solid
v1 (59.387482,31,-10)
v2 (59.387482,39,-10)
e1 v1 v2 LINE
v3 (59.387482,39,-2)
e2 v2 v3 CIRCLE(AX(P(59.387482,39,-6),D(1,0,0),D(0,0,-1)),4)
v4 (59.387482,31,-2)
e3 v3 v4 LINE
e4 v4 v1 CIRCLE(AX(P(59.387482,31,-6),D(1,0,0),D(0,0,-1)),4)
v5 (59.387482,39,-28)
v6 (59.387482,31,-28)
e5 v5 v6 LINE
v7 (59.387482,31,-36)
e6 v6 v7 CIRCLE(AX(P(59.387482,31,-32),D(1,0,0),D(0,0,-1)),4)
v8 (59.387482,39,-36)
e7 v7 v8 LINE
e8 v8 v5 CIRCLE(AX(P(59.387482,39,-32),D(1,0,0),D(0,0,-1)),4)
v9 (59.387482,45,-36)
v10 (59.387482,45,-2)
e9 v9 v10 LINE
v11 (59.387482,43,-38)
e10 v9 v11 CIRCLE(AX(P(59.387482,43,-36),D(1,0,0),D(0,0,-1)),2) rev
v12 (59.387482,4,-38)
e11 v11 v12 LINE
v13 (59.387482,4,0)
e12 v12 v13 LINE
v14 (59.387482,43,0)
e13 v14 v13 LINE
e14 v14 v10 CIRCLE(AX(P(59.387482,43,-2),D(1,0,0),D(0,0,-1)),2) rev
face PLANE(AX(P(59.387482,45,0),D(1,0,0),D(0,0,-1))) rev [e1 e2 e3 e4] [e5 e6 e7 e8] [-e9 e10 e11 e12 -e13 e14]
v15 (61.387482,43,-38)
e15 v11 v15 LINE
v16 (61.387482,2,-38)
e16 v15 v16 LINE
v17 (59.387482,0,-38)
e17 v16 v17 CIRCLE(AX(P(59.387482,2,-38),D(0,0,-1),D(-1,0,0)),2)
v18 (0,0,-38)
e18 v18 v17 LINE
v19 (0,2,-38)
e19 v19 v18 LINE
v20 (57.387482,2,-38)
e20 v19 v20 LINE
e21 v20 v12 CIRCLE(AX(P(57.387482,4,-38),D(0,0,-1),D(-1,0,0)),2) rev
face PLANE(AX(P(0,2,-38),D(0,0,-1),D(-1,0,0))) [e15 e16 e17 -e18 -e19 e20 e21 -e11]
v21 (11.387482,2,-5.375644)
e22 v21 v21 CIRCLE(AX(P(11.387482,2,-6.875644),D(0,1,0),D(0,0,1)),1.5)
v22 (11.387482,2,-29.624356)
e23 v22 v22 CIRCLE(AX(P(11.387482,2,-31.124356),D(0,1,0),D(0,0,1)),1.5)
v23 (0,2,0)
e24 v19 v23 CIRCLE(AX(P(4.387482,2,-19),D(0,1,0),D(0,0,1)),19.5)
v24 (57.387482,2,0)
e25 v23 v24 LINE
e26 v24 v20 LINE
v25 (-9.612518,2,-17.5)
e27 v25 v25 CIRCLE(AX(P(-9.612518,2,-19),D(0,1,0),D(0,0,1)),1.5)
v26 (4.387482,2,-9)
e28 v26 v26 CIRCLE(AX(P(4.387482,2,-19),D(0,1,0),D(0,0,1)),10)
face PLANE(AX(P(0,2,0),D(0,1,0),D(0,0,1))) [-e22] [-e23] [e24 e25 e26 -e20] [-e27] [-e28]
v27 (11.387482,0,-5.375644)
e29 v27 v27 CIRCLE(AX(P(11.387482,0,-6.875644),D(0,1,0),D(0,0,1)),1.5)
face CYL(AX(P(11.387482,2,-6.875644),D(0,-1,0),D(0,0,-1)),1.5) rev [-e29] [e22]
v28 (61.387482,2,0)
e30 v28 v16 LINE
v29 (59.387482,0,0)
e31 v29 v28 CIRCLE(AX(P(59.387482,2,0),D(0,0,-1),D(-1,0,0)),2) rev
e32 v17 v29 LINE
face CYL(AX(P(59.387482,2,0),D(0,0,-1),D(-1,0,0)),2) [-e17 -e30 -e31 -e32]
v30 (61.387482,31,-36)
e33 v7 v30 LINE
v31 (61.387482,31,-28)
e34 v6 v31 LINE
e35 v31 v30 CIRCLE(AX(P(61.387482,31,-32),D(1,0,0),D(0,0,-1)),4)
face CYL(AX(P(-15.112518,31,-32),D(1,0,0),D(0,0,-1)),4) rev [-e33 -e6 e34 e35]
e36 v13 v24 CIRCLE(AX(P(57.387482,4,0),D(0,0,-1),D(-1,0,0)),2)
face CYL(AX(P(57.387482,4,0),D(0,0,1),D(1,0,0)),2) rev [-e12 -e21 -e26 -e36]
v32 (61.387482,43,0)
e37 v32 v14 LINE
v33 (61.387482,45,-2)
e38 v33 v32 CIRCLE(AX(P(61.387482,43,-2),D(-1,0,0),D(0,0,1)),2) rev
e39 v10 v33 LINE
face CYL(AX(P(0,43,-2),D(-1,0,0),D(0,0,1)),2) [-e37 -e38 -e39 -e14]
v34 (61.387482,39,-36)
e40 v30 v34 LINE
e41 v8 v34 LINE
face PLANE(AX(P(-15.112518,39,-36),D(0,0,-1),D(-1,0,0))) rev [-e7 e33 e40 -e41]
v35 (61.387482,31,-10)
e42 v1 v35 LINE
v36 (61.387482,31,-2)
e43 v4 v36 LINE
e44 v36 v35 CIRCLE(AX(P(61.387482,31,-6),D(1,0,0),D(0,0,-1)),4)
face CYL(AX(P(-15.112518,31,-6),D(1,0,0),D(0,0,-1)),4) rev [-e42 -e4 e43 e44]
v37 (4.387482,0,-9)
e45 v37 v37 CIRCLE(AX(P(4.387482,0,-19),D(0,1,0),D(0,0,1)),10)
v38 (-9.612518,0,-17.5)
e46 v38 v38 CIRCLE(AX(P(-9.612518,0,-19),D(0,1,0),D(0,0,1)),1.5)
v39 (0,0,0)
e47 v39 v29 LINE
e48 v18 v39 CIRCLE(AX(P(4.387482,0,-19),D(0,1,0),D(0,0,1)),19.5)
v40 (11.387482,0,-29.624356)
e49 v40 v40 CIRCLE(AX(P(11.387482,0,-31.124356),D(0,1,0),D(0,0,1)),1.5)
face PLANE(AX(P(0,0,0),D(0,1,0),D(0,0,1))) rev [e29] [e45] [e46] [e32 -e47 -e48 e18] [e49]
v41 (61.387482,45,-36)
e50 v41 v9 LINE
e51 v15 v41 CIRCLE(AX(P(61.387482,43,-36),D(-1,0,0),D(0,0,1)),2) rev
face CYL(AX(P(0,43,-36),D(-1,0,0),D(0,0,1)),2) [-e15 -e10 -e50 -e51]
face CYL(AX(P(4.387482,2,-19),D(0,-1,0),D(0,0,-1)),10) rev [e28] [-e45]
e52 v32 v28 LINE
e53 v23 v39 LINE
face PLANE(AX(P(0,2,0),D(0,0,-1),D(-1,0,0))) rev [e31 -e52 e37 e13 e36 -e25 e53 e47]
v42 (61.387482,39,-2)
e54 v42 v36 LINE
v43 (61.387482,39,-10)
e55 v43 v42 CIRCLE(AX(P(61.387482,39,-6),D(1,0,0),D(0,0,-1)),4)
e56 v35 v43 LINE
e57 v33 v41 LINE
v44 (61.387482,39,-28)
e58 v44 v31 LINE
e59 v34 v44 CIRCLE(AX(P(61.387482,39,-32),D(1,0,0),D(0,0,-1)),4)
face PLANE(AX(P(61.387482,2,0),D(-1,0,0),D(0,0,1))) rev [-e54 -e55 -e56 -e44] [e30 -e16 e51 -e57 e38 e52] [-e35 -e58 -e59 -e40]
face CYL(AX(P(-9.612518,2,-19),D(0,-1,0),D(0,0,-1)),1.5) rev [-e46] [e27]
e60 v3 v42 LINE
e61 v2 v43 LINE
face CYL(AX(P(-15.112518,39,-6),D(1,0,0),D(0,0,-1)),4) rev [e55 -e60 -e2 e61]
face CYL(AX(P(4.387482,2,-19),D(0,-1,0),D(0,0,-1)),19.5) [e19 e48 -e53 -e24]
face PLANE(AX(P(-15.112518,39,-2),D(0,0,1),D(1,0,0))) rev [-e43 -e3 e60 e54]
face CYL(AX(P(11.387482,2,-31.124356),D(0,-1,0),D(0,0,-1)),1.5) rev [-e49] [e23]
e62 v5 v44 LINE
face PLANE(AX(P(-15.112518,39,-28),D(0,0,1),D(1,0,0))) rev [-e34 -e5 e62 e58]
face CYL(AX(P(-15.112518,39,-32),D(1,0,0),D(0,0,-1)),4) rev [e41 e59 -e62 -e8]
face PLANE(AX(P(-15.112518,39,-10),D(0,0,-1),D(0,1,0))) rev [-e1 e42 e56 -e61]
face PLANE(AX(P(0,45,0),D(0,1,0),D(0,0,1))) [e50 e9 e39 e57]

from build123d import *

# Parameters (mm, degrees)
SKETCH1_R           = 1.5
SKETCH1_R_2         = 10
BOSS_EXTRUDE1_DEPTH = 2
SKETCH2_W           = 2
SKETCH2_H           = 38
BOSS_EXTRUDE2_DEPTH = 43
FILLET1_R           = 2
CUT_EXTRUDE1_DEPTH  = 77.5


with BuildPart() as part:
    # Sketch1 → Boss-Extrude1 (new body)
    with BuildSketch(Plane(origin=(0, 0, 0), x_dir=(1, 0, 0), z_dir=(0, 1, 0))):
        with BuildLine():
            Line((0, 0), (61.387482194, 0))
            Line((61.387482194, 0), (61.387482194, 38))
            Line((61.387482194, 38), (0, 38))
            ThreePointArc((0, 38), (-15.112517806, 19), (0, 0))
        make_face()
        with Locations((-9.612517806, 19)):
            Circle(SKETCH1_R, mode=Mode.SUBTRACT)
        with Locations((11.387482194, 31.124355653)):
            Circle(SKETCH1_R, mode=Mode.SUBTRACT)
        with Locations((11.387482194, 6.875644347)):
            Circle(SKETCH1_R, mode=Mode.SUBTRACT)
        with Locations((4.387482194, 19)):
            Circle(SKETCH1_R_2, mode=Mode.SUBTRACT)
    extrude(amount=BOSS_EXTRUDE1_DEPTH)

    # Sketch2 → Boss-Extrude2 (add)
    with BuildSketch(Plane(origin=(0, 2, 0), x_dir=(1, 0, 0), z_dir=(0, 1, 0))):
        with Locations((60.387482194, 19)):
            Rectangle(SKETCH2_W, SKETCH2_H)
    extrude(amount=BOSS_EXTRUDE2_DEPTH)

    # Fillet1
    fillet1_edges = [part.edges().sort_by_distance(p)[0] for p in [
        (61.387482194, 0, -19),
        (59.387482194, 2, -19),
        (60.387482194, 45, -38),
        (60.387482194, 45, 0),
    ]]
    fillet(fillet1_edges, radius=FILLET1_R)

    # Sketch3 → Cut-Extrude1 (cut, through all)
    with BuildSketch(Plane(origin=(61.387482194, 0, 0), x_dir=(0, 0, -1), z_dir=(1, 0, 0))):
        with BuildLine():
            Line((10, 39), (10, 31))
            ThreePointArc((10, 31), (6, 27), (2, 31))
            Line((2, 31), (2, 39))
            ThreePointArc((2, 39), (6, 43), (10, 39))
        make_face()
        with BuildLine():
            Line((36, 39), (36, 31))
            ThreePointArc((36, 31), (32, 27), (28, 31))
            Line((28, 31), (28, 39))
            ThreePointArc((28, 39), (32, 43), (36, 39))
        make_face()
    extrude(amount=-CUT_EXTRUDE1_DEPTH, mode=Mode.SUBTRACT)


solid = part.part
